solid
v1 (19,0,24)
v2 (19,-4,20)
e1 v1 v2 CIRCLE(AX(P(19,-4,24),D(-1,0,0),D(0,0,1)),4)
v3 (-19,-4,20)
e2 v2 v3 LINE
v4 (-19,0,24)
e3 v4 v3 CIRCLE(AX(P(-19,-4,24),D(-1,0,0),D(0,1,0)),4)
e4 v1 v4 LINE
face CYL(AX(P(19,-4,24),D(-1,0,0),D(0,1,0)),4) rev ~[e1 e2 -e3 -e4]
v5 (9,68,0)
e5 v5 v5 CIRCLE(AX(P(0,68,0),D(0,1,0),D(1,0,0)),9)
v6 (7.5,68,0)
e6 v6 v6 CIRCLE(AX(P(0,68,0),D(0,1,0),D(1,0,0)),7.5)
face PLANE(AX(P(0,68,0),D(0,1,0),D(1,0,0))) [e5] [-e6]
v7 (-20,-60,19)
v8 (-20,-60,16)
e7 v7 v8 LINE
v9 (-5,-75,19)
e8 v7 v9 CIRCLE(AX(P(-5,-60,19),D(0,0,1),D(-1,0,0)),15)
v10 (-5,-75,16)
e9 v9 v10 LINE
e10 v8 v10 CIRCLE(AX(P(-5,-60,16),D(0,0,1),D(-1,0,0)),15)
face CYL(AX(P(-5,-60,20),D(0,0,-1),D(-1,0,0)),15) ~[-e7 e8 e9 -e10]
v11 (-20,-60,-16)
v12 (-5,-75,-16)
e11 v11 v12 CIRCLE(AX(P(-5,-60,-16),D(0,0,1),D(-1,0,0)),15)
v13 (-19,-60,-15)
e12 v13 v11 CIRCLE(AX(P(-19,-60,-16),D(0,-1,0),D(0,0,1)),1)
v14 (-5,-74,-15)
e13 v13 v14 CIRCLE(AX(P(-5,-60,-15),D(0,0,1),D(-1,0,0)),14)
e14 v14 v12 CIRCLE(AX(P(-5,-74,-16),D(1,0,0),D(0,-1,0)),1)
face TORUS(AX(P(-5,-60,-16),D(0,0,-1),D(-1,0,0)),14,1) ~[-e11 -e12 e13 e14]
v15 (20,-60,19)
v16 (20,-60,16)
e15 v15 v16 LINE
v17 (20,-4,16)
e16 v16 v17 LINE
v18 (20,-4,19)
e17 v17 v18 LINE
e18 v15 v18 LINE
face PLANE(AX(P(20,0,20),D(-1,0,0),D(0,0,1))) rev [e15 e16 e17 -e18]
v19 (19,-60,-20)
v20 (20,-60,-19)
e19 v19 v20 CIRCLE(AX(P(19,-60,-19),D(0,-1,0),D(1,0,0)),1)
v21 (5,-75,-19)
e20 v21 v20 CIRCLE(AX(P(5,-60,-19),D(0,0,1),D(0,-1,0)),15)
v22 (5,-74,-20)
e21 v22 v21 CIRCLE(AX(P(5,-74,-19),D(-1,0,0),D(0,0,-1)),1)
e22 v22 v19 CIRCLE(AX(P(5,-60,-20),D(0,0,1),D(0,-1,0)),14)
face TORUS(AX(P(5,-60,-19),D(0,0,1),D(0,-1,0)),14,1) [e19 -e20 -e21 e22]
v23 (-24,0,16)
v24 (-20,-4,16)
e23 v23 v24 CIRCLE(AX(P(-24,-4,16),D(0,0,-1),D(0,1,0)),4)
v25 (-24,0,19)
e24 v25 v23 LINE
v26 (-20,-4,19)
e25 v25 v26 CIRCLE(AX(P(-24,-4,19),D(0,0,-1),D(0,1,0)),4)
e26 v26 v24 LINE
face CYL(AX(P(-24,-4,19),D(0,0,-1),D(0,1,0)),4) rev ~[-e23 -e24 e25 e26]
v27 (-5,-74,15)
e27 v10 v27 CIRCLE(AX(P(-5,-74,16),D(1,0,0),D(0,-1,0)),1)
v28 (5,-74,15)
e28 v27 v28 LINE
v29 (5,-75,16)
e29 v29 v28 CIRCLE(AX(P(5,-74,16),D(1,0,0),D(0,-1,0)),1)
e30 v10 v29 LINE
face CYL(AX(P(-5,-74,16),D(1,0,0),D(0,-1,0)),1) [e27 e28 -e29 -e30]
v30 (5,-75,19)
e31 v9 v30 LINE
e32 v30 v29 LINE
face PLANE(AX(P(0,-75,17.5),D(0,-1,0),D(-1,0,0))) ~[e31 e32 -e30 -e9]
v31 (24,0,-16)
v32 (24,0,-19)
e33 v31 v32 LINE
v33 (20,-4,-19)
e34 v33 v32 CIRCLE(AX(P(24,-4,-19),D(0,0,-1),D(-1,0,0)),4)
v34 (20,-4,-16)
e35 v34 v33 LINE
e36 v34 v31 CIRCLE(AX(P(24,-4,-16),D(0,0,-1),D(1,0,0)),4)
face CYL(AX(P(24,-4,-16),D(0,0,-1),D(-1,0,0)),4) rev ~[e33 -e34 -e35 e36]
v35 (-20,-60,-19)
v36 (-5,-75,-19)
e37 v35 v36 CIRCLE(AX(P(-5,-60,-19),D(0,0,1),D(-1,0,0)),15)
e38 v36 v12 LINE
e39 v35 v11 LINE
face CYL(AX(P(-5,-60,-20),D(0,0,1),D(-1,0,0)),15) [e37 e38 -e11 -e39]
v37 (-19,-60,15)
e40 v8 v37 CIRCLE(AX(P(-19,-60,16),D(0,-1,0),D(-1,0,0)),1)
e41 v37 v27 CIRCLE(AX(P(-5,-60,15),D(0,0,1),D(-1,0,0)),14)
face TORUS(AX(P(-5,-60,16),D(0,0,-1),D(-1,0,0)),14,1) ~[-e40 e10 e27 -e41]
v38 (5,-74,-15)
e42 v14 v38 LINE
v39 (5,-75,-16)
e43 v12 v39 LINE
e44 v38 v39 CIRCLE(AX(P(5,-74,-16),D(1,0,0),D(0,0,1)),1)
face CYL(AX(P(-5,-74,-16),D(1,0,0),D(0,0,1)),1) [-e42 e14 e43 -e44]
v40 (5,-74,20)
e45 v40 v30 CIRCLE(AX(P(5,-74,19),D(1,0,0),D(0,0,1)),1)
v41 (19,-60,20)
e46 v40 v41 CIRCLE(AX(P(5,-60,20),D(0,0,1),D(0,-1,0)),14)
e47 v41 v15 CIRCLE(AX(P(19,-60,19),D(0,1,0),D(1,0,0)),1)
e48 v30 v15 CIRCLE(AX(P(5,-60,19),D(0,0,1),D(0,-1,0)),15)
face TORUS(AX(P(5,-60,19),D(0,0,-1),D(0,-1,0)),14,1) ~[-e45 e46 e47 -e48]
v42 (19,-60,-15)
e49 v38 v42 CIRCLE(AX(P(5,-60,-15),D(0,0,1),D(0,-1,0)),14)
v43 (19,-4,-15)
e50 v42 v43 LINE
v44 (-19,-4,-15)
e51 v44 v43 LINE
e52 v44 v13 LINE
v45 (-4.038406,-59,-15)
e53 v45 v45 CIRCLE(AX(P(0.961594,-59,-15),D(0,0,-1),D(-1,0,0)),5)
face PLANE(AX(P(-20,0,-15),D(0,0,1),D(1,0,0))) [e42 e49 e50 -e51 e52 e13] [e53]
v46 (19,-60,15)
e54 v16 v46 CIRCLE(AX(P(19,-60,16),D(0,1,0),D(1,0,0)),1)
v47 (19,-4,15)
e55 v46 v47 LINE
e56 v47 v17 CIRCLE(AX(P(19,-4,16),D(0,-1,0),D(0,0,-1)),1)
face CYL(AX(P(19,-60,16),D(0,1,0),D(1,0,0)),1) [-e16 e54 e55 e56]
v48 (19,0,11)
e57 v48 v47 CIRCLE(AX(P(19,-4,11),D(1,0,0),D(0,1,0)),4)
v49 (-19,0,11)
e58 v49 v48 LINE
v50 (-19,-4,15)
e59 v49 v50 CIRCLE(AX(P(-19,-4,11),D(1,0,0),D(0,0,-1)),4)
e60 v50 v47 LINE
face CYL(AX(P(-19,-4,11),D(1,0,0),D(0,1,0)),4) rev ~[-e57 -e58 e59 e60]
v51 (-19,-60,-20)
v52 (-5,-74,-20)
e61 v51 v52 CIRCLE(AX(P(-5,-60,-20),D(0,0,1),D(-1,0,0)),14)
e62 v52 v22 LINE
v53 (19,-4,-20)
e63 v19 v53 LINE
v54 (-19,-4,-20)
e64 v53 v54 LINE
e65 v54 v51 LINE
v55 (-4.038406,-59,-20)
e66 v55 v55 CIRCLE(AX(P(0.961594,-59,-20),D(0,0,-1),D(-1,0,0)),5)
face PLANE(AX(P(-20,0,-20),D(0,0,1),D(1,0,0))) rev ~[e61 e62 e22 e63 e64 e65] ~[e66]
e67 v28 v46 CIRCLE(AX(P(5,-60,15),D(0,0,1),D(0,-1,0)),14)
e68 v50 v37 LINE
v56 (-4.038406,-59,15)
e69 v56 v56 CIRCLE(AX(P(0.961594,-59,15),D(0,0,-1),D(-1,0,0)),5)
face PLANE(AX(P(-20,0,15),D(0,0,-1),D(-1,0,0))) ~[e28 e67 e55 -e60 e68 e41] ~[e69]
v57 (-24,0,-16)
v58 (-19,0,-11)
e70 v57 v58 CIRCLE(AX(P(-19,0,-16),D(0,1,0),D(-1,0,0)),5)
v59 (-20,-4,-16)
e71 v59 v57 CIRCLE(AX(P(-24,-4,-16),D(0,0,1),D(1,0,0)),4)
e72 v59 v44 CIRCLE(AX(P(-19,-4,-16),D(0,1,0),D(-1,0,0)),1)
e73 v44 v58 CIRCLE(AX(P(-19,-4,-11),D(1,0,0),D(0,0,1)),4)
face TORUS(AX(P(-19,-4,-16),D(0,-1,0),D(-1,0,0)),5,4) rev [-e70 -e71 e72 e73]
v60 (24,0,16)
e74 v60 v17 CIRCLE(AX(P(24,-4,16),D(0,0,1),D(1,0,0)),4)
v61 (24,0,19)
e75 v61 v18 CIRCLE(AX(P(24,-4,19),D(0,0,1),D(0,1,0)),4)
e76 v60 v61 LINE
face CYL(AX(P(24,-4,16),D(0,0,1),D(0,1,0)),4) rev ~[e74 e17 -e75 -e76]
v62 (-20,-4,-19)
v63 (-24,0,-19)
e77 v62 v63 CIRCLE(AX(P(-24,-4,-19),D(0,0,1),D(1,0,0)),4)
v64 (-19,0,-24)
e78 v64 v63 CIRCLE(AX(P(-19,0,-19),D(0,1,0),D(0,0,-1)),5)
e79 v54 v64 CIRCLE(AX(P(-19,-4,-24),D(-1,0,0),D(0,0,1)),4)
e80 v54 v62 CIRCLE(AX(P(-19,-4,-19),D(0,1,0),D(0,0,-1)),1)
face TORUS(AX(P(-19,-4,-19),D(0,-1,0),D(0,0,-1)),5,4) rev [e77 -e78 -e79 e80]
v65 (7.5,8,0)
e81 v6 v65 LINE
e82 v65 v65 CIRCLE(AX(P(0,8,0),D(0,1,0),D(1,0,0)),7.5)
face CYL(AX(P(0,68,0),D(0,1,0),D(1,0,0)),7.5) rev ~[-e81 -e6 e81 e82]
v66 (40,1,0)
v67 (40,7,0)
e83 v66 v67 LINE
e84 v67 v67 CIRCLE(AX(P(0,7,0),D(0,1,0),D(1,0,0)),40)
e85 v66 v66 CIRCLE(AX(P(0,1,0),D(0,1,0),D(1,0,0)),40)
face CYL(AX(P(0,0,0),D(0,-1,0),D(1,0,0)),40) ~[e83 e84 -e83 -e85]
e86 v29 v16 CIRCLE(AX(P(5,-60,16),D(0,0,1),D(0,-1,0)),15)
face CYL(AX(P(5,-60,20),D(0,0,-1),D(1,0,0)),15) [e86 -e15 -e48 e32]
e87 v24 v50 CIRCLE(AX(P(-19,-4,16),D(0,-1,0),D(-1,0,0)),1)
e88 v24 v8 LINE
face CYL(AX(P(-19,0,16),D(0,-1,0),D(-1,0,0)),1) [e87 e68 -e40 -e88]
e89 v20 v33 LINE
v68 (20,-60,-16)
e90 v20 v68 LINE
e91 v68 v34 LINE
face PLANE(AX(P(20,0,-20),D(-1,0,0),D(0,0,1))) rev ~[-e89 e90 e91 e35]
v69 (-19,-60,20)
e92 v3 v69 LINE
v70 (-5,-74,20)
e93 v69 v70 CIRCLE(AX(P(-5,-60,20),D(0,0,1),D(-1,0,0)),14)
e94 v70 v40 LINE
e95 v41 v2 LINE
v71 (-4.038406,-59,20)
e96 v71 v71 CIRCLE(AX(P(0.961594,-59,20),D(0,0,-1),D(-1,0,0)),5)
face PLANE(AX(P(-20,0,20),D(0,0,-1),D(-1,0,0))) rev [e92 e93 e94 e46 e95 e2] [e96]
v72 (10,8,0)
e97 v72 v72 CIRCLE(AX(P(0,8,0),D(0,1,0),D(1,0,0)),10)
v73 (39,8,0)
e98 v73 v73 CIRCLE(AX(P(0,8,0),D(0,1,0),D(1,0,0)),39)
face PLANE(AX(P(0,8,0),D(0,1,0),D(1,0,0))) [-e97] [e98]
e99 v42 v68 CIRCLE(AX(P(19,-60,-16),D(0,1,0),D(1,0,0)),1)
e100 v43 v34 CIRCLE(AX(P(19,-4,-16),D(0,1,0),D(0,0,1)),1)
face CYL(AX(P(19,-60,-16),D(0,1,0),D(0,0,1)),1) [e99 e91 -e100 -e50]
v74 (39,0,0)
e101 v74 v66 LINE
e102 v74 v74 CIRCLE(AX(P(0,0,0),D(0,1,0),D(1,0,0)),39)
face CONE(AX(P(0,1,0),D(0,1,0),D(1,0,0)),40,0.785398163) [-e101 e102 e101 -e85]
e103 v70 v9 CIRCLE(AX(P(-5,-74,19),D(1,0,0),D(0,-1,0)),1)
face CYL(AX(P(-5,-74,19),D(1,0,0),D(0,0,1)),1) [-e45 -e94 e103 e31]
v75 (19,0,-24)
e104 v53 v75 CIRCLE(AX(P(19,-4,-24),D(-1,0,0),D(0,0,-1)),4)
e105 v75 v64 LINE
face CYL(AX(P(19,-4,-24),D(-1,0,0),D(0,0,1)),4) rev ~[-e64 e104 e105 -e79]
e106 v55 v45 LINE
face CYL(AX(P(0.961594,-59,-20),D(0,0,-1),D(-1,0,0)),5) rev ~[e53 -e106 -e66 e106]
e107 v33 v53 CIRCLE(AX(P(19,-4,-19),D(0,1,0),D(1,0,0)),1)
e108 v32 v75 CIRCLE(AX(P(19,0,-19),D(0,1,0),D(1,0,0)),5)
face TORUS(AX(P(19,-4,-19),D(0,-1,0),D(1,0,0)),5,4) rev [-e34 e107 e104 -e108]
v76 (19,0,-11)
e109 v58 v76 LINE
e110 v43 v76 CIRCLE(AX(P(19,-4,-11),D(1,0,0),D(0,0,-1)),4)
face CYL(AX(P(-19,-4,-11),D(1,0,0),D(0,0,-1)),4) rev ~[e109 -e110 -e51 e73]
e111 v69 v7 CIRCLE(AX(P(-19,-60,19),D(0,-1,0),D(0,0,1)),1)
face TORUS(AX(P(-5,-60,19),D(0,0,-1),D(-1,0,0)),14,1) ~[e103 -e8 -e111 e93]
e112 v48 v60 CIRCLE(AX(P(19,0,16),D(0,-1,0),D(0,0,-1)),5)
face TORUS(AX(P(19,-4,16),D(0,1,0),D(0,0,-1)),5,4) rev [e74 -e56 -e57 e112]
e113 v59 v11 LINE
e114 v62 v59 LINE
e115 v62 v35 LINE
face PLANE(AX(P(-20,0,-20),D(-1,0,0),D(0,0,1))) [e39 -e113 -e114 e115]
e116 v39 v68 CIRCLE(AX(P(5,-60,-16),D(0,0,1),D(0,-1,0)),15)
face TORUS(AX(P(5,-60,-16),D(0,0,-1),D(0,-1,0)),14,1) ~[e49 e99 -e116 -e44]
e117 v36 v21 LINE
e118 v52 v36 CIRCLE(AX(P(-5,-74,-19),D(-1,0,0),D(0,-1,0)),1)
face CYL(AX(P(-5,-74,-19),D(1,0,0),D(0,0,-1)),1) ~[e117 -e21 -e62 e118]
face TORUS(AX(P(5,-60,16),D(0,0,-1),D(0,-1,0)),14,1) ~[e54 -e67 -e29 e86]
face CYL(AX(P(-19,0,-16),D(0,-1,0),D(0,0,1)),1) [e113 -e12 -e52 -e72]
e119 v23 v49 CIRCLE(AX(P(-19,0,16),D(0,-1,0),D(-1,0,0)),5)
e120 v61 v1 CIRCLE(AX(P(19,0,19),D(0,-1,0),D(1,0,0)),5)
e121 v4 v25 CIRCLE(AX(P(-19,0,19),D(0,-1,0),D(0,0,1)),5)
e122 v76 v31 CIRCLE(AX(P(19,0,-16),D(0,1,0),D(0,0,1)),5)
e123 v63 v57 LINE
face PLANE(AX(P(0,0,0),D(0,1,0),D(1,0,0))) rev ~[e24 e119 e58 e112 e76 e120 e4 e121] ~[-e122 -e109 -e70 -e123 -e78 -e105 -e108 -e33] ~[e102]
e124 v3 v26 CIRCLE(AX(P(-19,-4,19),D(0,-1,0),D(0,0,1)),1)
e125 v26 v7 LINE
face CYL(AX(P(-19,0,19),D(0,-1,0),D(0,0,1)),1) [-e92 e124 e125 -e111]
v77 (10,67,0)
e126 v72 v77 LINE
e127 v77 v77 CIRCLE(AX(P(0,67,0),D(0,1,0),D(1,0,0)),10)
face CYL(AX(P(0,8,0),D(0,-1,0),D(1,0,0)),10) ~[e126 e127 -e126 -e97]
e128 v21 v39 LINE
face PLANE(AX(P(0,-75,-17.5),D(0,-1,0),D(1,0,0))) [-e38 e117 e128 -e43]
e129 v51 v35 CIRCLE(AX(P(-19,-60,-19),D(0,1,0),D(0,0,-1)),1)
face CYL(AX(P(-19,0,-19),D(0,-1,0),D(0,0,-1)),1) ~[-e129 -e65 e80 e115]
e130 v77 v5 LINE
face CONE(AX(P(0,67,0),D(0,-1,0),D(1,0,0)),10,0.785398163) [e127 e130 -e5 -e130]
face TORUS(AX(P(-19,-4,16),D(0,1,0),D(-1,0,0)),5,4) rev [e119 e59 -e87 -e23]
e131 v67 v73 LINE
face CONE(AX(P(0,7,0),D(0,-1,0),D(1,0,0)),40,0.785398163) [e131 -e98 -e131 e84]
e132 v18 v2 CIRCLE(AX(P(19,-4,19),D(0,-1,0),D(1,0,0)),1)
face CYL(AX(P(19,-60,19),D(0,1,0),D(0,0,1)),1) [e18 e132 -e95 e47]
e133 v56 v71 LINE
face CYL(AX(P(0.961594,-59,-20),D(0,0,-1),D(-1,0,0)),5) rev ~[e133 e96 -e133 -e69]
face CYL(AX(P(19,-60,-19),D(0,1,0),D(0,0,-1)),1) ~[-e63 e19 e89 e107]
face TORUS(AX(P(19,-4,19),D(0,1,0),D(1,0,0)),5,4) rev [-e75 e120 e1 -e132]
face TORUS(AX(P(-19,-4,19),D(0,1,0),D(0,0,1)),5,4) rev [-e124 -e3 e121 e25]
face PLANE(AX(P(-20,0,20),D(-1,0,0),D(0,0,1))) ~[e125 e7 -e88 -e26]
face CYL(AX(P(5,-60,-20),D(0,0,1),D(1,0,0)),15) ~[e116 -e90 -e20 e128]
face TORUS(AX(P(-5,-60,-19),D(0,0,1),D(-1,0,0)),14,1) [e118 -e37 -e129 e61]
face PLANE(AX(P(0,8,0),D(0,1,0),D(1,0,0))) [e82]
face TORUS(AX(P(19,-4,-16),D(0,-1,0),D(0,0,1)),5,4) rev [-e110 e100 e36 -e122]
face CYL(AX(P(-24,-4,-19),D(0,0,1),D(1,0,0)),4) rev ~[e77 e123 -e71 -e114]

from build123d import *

# Parameters (mm, degrees)
SKETCH2_R             = 40
BOSS_EXTRUDE1_DEPTH   = 8
SKETCH3_W             = 40
SKETCH3_H             = 5
BOSS_EXTRUDE2_DEPTH   = 75
FILLET1_R             = 15
FILLET3_R             = 1
FILLET4_R             = 4
FILLET1_OF_MIRROR10_R = 15
FILLET3_OF_MIRROR10_R = 1
FILLET4_OF_MIRROR10_R = 4
SKETCH5_R             = 5
CUT_EXTRUDE1_DEPTH    = 40
SKETCH6_R             = 10
BOSS_EXTRUDE3_DEPTH   = 60
SKETCH7_R             = 7.5
CUT_EXTRUDE2_DEPTH    = 60
CHAMFER1_SIZE         = 1


with BuildPart() as part:
    # Sketch2 → Boss-Extrude1 (new body)
    with BuildSketch(Plane(origin=(0, 0, 0), x_dir=(1, 0, 0), z_dir=(0, 1, 0))):
        Circle(SKETCH2_R)
    extrude(amount=BOSS_EXTRUDE1_DEPTH)

    # Sketch3 → Boss-Extrude2 (add)
    with BuildSketch(Plane.XZ):
        with Locations((0, -17.5)):
            Rectangle(SKETCH3_W, SKETCH3_H)
    boss_extrude2 = extrude(amount=BOSS_EXTRUDE2_DEPTH)

    # Fillet1
    fillet1_edges = [part.edges().sort_by_distance(p)[0] for p in [
        (-20, -75, -17.5),
        (20, -75, -17.5),
    ]]
    fillet(fillet1_edges, radius=FILLET1_R)

    # Fillet3
    fillet3_edges = [part.edges().sort_by_distance(p)[0] for p in [
        (0, -75, -20),
        (0, -75, -15),
        (20, -30, -20),
        (-20, -30, -20),
        (15.606601718, -70.606601718, -20),
        (-15.606601718, -70.606601718, -20),
        (-20, -30, -15),
        (20, -30, -15),
        (15.606601718, -70.606601718, -15),
        (-15.606601718, -70.606601718, -15),
    ]]
    fillet(fillet3_edges, radius=FILLET3_R)

    # Fillet4
    fillet4_edges = [part.edges().sort_by_distance(p)[0] for p in [
        (-20, 0, -17.5),
        (0, 0, -15),
        (20, 0, -17.5),
        (0, 0, -20),
        (-19.707106781, 0, -15.292893219),
        (19.707106781, 0, -15.292893219),
        (19.707106781, 0, -19.707106781),
        (-19.707106781, 0, -19.707106781),
    ]]
    fillet(fillet4_edges, radius=FILLET4_R)

    # Mirror10: Boss-Extrude2 across plane
    add(boss_extrude2.mirror(Plane.XY))

    # Fillet1 of Mirror10
    fillet1_of_mirror10_edges = [part.edges().sort_by_distance(p)[0] for p in [
        (-20, -75, 17.5),
        (20, -75, 17.5),
    ]]
    fillet(fillet1_of_mirror10_edges, radius=FILLET1_OF_MIRROR10_R)

    # Fillet3 of Mirror10
    fillet3_of_mirror10_edges = [part.edges().sort_by_distance(p)[0] for p in [
        (0, -75, 20),
        (0, -75, 15),
        (20, -30, 20),
        (-20, -30, 20),
        (15.606601718, -70.606601718, 20),
        (-15.606601718, -70.606601718, 20),
        (-20, -30, 15),
        (20, -30, 15),
        (15.606601718, -70.606601718, 15),
        (-15.606601718, -70.606601718, 15),
    ]]
    fillet(fillet3_of_mirror10_edges, radius=FILLET3_OF_MIRROR10_R)

    # Fillet4 of Mirror10
    fillet4_of_mirror10_edges = [part.edges().sort_by_distance(p)[0] for p in [
        (-20, 0, 17.5),
        (0, 0, 15),
        (20, 0, 17.5),
        (0, 0, 20),
        (-19.707106781, 0, 15.292893219),
        (19.707106781, 0, 15.292893219),
        (19.707106781, 0, 19.707106781),
        (-19.707106781, 0, 19.707106781),
    ]]
    fillet(fillet4_of_mirror10_edges, radius=FILLET4_OF_MIRROR10_R)

    # Sketch5 → Cut-Extrude1 (cut)
    with BuildSketch(Plane(origin=(0, 0, -20), x_dir=(-1, 0, 0), z_dir=(0, 0, -1))):
        with Locations((-0.961594328, -59)):
            Circle(SKETCH5_R)
    extrude(amount=-CUT_EXTRUDE1_DEPTH, mode=Mode.SUBTRACT)

    # Sketch6 → Boss-Extrude3 (add)
    with BuildSketch(Plane(origin=(0, 8, 0), x_dir=(1, 0, 0), z_dir=(0, 1, 0))):
        Circle(SKETCH6_R)
    extrude(amount=BOSS_EXTRUDE3_DEPTH)

    # Sketch7 → Cut-Extrude2 (cut)
    with BuildSketch(Plane(origin=(0, 68, 0), x_dir=(1, 0, 0), z_dir=(0, 1, 0))):
        Circle(SKETCH7_R)
    extrude(amount=-CUT_EXTRUDE2_DEPTH, mode=Mode.SUBTRACT)

    # Chamfer1
    chamfer1_edges = [part.edges().sort_by_distance(p)[0] for p in [
        (-10, 68, 0),
        (-40, 0, 0),
        (-40, 8, 0),
    ]]
    chamfer(chamfer1_edges, length=CHAMFER1_SIZE)


solid = part.part
